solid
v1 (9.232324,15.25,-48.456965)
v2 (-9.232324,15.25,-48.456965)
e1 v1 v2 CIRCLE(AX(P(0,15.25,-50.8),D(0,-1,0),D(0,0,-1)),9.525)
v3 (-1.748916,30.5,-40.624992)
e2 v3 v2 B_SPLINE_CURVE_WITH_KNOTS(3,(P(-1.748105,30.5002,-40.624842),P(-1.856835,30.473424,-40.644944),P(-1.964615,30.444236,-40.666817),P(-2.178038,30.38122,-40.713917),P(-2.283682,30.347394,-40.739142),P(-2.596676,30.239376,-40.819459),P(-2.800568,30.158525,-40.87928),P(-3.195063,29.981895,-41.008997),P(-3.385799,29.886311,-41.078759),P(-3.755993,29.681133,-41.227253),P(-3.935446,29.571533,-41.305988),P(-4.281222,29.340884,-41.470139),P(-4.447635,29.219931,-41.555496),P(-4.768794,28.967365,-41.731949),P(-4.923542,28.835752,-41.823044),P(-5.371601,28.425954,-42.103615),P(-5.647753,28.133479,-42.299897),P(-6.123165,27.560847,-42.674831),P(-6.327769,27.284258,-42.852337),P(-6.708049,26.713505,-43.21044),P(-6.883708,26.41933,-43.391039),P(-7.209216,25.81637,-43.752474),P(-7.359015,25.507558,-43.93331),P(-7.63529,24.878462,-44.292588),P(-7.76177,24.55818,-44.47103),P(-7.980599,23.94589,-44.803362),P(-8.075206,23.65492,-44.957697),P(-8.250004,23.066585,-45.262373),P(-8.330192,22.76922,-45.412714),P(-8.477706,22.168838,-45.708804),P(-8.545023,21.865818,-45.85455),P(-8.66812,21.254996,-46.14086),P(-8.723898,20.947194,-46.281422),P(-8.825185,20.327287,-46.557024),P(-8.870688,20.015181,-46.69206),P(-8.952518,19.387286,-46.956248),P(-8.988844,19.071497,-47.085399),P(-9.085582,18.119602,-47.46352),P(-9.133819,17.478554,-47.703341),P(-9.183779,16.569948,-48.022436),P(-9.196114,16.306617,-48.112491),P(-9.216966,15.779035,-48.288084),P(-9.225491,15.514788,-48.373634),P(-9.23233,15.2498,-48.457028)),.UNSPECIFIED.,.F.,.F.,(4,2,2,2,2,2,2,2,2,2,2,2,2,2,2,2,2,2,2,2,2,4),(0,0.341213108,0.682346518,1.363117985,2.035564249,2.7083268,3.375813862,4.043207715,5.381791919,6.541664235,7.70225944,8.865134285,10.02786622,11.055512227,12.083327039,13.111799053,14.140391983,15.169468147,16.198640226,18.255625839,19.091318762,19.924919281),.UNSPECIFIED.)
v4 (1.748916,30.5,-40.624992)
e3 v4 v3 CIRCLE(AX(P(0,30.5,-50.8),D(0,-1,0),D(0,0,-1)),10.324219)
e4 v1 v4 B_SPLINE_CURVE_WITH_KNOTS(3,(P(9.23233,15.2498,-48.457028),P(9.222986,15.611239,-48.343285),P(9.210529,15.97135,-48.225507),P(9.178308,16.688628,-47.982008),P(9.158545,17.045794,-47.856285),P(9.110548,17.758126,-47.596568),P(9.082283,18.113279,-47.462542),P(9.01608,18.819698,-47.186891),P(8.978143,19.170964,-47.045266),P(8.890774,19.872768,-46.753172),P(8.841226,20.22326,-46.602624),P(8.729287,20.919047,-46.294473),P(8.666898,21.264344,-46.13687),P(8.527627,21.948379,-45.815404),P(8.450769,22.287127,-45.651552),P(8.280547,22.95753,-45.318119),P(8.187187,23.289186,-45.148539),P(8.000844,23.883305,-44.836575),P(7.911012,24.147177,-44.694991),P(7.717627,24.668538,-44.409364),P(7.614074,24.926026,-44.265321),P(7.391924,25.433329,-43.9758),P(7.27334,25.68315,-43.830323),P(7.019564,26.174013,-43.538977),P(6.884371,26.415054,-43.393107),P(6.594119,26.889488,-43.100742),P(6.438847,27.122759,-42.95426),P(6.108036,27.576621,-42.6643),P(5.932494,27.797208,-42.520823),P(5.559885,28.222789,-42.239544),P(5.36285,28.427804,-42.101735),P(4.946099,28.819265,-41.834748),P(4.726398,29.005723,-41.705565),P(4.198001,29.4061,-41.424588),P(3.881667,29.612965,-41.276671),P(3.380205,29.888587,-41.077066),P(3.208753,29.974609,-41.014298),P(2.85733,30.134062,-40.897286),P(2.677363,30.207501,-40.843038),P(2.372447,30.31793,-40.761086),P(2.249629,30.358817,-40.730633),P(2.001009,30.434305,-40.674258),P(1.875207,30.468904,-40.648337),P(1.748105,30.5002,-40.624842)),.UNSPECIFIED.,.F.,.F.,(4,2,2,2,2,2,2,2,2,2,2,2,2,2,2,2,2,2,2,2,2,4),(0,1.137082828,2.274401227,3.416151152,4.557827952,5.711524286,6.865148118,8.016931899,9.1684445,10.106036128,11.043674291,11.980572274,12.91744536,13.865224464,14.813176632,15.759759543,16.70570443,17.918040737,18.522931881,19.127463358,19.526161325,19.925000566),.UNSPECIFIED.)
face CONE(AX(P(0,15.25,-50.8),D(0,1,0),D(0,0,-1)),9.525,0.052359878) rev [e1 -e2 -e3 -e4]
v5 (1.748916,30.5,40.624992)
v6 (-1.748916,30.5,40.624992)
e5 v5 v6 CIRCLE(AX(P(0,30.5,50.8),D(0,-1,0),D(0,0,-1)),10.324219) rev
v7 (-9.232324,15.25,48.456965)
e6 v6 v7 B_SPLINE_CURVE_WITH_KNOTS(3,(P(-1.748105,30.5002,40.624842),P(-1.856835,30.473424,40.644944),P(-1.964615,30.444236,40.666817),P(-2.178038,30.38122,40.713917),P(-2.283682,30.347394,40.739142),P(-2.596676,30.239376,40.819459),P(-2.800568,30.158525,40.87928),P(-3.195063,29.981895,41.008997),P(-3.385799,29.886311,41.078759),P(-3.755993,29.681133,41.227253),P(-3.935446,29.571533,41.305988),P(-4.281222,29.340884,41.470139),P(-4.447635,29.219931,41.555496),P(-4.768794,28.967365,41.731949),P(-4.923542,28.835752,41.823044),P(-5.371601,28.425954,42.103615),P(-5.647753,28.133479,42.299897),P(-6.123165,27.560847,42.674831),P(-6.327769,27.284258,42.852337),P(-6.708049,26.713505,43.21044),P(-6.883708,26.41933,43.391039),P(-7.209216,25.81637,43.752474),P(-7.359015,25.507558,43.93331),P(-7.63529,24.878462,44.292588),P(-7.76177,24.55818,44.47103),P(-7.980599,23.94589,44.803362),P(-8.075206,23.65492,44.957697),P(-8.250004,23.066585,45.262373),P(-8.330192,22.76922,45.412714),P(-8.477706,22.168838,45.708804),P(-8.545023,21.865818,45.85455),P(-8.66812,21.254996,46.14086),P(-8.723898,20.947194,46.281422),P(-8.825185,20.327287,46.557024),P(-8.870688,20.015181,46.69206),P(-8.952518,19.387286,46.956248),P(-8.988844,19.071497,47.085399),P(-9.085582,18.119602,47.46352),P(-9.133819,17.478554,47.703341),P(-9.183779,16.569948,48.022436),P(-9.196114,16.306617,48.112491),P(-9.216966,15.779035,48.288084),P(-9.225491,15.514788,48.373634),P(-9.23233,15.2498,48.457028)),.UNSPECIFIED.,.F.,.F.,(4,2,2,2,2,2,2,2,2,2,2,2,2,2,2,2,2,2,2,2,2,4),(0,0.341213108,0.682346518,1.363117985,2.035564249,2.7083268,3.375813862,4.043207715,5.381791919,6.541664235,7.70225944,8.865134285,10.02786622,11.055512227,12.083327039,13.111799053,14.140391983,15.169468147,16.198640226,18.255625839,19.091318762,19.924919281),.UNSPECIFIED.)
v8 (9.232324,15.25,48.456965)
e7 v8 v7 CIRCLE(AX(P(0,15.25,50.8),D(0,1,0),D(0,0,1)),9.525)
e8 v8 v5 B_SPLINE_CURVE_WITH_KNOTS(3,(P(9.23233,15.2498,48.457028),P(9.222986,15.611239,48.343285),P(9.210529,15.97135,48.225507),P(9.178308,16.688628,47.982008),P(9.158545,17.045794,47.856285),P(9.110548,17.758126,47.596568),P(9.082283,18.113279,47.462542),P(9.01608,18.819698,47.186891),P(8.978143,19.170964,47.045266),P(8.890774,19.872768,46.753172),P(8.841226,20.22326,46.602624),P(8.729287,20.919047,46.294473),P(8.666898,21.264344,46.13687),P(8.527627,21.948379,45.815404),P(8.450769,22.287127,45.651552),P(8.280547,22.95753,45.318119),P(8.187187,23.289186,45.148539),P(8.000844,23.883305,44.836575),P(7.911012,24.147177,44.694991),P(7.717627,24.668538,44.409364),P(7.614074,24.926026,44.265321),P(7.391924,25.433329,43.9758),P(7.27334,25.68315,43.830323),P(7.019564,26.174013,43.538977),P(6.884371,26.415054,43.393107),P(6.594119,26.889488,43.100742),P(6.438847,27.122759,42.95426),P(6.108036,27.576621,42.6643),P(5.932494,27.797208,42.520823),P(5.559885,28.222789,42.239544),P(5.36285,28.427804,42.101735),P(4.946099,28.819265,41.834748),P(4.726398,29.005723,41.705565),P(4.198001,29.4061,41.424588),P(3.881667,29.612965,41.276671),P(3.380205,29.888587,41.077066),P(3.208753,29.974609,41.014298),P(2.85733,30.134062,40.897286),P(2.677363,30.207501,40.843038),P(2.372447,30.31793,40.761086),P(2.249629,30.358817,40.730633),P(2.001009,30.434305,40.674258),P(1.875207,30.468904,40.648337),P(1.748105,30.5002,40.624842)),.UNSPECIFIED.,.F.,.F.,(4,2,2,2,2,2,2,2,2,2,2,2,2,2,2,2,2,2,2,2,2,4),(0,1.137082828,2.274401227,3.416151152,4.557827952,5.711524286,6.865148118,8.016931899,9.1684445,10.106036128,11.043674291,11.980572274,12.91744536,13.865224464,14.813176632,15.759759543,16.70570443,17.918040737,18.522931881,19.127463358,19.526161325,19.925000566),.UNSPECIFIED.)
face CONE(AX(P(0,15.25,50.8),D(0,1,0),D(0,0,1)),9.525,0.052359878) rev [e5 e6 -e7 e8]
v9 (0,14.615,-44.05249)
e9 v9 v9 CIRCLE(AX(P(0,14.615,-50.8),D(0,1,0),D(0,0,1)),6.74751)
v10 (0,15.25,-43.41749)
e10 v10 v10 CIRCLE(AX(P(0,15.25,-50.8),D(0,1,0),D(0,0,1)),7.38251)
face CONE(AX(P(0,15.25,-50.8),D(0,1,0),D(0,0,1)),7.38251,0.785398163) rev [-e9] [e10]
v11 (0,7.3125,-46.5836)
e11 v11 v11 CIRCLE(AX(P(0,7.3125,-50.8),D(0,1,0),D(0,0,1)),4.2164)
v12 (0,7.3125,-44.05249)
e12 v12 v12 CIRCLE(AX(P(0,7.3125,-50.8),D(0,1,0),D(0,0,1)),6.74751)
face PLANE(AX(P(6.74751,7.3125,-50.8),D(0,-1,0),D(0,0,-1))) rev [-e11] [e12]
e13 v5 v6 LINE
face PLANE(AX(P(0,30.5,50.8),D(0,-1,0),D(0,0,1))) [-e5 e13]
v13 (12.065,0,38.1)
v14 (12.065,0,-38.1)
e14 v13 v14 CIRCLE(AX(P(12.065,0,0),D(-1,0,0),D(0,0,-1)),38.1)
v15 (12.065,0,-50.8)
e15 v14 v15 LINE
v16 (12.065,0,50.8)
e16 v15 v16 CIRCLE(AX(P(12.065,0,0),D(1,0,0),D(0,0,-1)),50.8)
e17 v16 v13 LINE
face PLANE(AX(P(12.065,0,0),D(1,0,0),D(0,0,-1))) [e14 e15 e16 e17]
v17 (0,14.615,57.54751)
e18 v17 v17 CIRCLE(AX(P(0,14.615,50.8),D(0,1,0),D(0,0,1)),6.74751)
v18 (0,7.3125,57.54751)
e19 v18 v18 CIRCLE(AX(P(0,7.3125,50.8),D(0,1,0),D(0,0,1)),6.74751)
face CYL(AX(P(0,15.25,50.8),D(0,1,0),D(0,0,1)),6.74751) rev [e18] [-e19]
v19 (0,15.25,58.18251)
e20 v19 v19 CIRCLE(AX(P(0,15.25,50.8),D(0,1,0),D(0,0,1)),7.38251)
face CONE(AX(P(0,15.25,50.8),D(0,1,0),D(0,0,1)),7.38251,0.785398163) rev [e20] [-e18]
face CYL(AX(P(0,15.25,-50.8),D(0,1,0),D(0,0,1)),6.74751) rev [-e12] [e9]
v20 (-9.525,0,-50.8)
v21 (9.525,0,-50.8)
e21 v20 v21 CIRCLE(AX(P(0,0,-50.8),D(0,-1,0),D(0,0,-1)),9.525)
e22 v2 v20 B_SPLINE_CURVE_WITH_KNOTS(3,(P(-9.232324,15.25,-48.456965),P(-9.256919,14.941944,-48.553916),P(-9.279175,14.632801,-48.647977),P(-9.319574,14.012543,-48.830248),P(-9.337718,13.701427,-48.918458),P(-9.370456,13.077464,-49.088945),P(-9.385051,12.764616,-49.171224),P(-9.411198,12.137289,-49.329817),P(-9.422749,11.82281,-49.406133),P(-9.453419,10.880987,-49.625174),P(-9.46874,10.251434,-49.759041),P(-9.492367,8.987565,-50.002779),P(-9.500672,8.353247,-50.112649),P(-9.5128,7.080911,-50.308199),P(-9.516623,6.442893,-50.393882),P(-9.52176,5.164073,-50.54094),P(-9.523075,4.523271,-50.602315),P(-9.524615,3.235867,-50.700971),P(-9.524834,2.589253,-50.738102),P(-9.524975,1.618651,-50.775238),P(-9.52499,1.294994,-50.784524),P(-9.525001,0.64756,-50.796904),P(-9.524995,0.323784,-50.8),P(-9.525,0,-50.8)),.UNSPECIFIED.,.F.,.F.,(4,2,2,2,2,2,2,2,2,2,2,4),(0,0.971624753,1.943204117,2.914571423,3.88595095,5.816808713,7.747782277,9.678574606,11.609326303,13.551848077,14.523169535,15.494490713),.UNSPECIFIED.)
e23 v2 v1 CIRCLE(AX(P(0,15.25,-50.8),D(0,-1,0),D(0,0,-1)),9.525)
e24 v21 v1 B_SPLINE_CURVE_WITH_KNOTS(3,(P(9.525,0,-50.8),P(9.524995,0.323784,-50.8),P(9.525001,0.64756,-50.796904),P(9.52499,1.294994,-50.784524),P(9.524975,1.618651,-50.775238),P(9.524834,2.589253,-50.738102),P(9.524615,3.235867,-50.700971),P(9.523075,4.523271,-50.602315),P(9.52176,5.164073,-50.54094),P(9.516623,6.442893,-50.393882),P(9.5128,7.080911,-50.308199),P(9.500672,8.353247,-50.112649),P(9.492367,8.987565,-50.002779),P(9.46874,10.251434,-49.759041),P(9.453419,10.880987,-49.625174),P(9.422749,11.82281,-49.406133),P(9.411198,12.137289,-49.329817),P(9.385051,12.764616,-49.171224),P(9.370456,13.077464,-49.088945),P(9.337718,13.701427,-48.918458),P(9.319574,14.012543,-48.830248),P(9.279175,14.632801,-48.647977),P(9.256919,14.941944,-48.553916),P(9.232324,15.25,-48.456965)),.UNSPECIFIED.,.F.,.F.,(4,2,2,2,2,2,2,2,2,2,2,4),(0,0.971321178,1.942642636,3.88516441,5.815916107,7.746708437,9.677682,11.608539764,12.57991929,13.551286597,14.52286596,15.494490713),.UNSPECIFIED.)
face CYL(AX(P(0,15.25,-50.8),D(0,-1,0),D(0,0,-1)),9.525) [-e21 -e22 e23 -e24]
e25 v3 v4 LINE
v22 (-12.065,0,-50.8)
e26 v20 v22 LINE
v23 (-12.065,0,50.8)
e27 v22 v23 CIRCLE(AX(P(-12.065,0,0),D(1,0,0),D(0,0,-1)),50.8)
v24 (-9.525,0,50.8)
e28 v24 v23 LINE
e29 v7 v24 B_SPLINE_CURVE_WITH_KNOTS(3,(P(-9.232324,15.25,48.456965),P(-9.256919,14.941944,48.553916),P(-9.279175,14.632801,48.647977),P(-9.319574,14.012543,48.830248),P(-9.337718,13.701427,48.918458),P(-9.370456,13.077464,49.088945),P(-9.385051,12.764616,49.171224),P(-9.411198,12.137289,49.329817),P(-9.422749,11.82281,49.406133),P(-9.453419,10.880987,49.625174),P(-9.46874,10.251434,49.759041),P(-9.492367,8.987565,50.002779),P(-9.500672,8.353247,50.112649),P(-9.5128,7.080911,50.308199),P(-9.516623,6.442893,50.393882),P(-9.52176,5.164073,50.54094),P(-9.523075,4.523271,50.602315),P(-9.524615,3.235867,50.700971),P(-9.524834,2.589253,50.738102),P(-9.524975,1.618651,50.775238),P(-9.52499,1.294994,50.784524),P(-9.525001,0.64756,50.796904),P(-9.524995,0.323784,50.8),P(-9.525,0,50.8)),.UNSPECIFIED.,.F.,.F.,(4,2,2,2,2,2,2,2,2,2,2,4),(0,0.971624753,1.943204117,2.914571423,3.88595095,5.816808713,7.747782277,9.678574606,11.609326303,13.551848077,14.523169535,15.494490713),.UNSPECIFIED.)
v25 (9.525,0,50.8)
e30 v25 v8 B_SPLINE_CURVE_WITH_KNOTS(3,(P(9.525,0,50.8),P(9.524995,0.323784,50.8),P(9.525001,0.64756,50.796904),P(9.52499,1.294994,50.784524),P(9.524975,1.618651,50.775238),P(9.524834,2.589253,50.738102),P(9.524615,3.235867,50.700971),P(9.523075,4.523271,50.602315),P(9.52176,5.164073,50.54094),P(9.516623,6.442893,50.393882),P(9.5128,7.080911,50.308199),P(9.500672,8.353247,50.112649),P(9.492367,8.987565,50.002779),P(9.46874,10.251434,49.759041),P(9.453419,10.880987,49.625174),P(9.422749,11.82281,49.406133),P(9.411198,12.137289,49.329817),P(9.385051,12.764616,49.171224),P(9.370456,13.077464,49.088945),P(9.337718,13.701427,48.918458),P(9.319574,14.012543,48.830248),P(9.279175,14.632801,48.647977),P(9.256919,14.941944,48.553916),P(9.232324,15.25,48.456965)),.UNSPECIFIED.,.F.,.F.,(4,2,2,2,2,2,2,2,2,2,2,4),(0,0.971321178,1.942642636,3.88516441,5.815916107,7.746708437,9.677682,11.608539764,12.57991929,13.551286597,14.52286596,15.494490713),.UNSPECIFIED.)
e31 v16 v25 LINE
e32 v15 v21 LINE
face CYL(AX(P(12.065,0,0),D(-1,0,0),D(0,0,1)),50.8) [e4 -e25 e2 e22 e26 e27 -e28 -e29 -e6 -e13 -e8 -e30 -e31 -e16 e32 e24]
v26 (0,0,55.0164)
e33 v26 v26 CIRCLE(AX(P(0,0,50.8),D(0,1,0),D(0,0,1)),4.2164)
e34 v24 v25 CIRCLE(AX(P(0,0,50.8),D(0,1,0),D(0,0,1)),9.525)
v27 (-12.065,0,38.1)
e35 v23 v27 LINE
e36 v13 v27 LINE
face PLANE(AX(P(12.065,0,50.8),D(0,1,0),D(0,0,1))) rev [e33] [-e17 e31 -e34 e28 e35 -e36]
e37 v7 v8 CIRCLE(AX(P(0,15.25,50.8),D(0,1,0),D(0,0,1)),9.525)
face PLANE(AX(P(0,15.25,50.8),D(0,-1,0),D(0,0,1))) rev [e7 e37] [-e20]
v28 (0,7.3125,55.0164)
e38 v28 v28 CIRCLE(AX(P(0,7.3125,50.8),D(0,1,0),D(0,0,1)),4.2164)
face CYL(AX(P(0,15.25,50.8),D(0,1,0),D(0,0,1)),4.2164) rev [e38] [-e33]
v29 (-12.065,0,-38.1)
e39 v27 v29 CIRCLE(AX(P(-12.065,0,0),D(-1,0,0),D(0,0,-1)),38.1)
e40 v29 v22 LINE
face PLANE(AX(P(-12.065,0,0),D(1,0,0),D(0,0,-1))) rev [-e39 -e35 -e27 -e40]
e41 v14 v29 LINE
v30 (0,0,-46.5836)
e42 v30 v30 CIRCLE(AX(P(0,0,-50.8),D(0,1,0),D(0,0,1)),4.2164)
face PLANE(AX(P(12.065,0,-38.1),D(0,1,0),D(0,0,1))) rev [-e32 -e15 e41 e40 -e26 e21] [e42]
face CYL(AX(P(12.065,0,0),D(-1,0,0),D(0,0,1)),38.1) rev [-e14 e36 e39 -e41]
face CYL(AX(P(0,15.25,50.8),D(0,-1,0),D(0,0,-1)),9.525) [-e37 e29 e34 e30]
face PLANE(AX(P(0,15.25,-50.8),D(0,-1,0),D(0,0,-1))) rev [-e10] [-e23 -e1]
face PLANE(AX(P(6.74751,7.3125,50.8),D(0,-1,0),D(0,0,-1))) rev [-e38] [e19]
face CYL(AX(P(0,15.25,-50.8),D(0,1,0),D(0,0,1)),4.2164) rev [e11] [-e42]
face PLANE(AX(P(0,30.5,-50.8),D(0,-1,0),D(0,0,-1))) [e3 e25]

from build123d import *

# Parameters (mm, degrees)
BOSS_EXTRUDE1_DEPTH     = 12.065
SKETCH6_R               = 9.525
BOSS_EXTRUDE2_DEPTH     = 15.25
CUT_EXTRUDE2_START      = -15.25
SKETCH6_7_R             = 9.525
CUT_EXTRUDE2_DEPTH      = 15.25
CUT_EXTRUDE2_DRAFT      = 3
MIRROR2_START           = -15.25
MIRROR2_COPY_1_SKETCH_R = 9.525
MIRROR2_COPY_1_DEPTH    = 15.25
MIRROR2_COPY_1_DRAFT    = 3


with BuildPart() as part:
    # Sketch2 → Boss-Extrude1 (new, symmetric)
    with BuildSketch(Plane(origin=(0, 0, 0), x_dir=(0, 0, -1), z_dir=(1, 0, 0))):
        with BuildLine():
            Line((-50.8, 0), (-38.1, 0))
            ThreePointArc((-38.1, 0), (0, 38.1), (38.1, 0))
            Line((38.1, 0), (50.8, 0))
            ThreePointArc((50.8, 0), (0, 50.8), (-50.8, 0))
        make_face()
    extrude(amount=BOSS_EXTRUDE1_DEPTH, both=True)

    # Sketch6 → Boss-Extrude2 (add)
    with BuildSketch(Plane.XZ):
        with Locations((0, -50.8)):
            Circle(SKETCH6_R)
    boss_extrude2 = extrude(amount=-BOSS_EXTRUDE2_DEPTH)


with BuildPart() as cut_extrude2_tool:
    # Sketch6<7> → Cut-Extrude2 (with draft: the straight prism first)
    with BuildSketch(Plane.XZ.offset(CUT_EXTRUDE2_START)):
        with Locations((0, -50.8)):
            Circle(SKETCH6_7_R)
    extrude(amount=-CUT_EXTRUDE2_DEPTH)
    # Cut-Extrude2: the draft: its side faces are tilted about the plane it starts from
    cut_extrude2_sides = [cut_extrude2_tool.faces().sort_by_distance(p)[0] for p in [
        (-9.525, 22.875, -50.8),
    ]]
    draft(cut_extrude2_sides, Plane.XZ.offset(CUT_EXTRUDE2_START), CUT_EXTRUDE2_DRAFT)


with BuildPart() as part_1:
    add(part.part)

    # Cut-Extrude2: cut by cut_extrude2_tool
    add(cut_extrude2_tool.part, mode=Mode.SUBTRACT)

    # Sketch15 → CBORE for 5/16 Socket Head Cap Screw1 (revolve, cut)
    with BuildSketch(Plane(origin=(0, 15.25, -50.8), x_dir=(0, 0, 1), z_dir=(1, 0, 0))):
        Polygon((0, 0), (0, 15.25), (4.2164, 15.25), (4.2164, 7.9375), (6.74751, 7.9375), (6.74751, 0.635), (7.38251, 0), align=None)
    cbore_for_5_16_socket_head_cap_screw1 = revolve(axis=Axis((0, 21.6, -50.8), (0, -1, 0)), mode=Mode.SUBTRACT)

    # Mirror2: Boss-Extrude2, CBORE for 5/16 Socket Head Cap Screw1 across plane
    add(boss_extrude2.mirror(Plane.XY))
    add(cbore_for_5_16_socket_head_cap_screw1.mirror(Plane.XY), mode=Mode.SUBTRACT)


with BuildPart() as mirror2_copy_1_tool:
    # Mirror2 copy 1 sketch → Mirror2 copy 1 (with draft: the straight prism first)
    with BuildSketch(Plane.XZ.offset(MIRROR2_START)):
        with Locations((0, 50.8)):
            Circle(MIRROR2_COPY_1_SKETCH_R)
    extrude(amount=-MIRROR2_COPY_1_DEPTH)
    # Mirror2 copy 1: the draft: its side faces are tilted about the plane it starts from
    mirror2_copy_1_sides = [mirror2_copy_1_tool.faces().sort_by_distance(p)[0] for p in [
        (-9.525, 22.875, 50.8),
    ]]
    draft(mirror2_copy_1_sides, Plane.XZ.offset(MIRROR2_START), MIRROR2_COPY_1_DRAFT)


with BuildPart() as part_2:
    add(part_1.part)

    # Mirror2 copy 1: cut by mirror2_copy_1_tool
    add(mirror2_copy_1_tool.part, mode=Mode.SUBTRACT)


solid = part_2.part
